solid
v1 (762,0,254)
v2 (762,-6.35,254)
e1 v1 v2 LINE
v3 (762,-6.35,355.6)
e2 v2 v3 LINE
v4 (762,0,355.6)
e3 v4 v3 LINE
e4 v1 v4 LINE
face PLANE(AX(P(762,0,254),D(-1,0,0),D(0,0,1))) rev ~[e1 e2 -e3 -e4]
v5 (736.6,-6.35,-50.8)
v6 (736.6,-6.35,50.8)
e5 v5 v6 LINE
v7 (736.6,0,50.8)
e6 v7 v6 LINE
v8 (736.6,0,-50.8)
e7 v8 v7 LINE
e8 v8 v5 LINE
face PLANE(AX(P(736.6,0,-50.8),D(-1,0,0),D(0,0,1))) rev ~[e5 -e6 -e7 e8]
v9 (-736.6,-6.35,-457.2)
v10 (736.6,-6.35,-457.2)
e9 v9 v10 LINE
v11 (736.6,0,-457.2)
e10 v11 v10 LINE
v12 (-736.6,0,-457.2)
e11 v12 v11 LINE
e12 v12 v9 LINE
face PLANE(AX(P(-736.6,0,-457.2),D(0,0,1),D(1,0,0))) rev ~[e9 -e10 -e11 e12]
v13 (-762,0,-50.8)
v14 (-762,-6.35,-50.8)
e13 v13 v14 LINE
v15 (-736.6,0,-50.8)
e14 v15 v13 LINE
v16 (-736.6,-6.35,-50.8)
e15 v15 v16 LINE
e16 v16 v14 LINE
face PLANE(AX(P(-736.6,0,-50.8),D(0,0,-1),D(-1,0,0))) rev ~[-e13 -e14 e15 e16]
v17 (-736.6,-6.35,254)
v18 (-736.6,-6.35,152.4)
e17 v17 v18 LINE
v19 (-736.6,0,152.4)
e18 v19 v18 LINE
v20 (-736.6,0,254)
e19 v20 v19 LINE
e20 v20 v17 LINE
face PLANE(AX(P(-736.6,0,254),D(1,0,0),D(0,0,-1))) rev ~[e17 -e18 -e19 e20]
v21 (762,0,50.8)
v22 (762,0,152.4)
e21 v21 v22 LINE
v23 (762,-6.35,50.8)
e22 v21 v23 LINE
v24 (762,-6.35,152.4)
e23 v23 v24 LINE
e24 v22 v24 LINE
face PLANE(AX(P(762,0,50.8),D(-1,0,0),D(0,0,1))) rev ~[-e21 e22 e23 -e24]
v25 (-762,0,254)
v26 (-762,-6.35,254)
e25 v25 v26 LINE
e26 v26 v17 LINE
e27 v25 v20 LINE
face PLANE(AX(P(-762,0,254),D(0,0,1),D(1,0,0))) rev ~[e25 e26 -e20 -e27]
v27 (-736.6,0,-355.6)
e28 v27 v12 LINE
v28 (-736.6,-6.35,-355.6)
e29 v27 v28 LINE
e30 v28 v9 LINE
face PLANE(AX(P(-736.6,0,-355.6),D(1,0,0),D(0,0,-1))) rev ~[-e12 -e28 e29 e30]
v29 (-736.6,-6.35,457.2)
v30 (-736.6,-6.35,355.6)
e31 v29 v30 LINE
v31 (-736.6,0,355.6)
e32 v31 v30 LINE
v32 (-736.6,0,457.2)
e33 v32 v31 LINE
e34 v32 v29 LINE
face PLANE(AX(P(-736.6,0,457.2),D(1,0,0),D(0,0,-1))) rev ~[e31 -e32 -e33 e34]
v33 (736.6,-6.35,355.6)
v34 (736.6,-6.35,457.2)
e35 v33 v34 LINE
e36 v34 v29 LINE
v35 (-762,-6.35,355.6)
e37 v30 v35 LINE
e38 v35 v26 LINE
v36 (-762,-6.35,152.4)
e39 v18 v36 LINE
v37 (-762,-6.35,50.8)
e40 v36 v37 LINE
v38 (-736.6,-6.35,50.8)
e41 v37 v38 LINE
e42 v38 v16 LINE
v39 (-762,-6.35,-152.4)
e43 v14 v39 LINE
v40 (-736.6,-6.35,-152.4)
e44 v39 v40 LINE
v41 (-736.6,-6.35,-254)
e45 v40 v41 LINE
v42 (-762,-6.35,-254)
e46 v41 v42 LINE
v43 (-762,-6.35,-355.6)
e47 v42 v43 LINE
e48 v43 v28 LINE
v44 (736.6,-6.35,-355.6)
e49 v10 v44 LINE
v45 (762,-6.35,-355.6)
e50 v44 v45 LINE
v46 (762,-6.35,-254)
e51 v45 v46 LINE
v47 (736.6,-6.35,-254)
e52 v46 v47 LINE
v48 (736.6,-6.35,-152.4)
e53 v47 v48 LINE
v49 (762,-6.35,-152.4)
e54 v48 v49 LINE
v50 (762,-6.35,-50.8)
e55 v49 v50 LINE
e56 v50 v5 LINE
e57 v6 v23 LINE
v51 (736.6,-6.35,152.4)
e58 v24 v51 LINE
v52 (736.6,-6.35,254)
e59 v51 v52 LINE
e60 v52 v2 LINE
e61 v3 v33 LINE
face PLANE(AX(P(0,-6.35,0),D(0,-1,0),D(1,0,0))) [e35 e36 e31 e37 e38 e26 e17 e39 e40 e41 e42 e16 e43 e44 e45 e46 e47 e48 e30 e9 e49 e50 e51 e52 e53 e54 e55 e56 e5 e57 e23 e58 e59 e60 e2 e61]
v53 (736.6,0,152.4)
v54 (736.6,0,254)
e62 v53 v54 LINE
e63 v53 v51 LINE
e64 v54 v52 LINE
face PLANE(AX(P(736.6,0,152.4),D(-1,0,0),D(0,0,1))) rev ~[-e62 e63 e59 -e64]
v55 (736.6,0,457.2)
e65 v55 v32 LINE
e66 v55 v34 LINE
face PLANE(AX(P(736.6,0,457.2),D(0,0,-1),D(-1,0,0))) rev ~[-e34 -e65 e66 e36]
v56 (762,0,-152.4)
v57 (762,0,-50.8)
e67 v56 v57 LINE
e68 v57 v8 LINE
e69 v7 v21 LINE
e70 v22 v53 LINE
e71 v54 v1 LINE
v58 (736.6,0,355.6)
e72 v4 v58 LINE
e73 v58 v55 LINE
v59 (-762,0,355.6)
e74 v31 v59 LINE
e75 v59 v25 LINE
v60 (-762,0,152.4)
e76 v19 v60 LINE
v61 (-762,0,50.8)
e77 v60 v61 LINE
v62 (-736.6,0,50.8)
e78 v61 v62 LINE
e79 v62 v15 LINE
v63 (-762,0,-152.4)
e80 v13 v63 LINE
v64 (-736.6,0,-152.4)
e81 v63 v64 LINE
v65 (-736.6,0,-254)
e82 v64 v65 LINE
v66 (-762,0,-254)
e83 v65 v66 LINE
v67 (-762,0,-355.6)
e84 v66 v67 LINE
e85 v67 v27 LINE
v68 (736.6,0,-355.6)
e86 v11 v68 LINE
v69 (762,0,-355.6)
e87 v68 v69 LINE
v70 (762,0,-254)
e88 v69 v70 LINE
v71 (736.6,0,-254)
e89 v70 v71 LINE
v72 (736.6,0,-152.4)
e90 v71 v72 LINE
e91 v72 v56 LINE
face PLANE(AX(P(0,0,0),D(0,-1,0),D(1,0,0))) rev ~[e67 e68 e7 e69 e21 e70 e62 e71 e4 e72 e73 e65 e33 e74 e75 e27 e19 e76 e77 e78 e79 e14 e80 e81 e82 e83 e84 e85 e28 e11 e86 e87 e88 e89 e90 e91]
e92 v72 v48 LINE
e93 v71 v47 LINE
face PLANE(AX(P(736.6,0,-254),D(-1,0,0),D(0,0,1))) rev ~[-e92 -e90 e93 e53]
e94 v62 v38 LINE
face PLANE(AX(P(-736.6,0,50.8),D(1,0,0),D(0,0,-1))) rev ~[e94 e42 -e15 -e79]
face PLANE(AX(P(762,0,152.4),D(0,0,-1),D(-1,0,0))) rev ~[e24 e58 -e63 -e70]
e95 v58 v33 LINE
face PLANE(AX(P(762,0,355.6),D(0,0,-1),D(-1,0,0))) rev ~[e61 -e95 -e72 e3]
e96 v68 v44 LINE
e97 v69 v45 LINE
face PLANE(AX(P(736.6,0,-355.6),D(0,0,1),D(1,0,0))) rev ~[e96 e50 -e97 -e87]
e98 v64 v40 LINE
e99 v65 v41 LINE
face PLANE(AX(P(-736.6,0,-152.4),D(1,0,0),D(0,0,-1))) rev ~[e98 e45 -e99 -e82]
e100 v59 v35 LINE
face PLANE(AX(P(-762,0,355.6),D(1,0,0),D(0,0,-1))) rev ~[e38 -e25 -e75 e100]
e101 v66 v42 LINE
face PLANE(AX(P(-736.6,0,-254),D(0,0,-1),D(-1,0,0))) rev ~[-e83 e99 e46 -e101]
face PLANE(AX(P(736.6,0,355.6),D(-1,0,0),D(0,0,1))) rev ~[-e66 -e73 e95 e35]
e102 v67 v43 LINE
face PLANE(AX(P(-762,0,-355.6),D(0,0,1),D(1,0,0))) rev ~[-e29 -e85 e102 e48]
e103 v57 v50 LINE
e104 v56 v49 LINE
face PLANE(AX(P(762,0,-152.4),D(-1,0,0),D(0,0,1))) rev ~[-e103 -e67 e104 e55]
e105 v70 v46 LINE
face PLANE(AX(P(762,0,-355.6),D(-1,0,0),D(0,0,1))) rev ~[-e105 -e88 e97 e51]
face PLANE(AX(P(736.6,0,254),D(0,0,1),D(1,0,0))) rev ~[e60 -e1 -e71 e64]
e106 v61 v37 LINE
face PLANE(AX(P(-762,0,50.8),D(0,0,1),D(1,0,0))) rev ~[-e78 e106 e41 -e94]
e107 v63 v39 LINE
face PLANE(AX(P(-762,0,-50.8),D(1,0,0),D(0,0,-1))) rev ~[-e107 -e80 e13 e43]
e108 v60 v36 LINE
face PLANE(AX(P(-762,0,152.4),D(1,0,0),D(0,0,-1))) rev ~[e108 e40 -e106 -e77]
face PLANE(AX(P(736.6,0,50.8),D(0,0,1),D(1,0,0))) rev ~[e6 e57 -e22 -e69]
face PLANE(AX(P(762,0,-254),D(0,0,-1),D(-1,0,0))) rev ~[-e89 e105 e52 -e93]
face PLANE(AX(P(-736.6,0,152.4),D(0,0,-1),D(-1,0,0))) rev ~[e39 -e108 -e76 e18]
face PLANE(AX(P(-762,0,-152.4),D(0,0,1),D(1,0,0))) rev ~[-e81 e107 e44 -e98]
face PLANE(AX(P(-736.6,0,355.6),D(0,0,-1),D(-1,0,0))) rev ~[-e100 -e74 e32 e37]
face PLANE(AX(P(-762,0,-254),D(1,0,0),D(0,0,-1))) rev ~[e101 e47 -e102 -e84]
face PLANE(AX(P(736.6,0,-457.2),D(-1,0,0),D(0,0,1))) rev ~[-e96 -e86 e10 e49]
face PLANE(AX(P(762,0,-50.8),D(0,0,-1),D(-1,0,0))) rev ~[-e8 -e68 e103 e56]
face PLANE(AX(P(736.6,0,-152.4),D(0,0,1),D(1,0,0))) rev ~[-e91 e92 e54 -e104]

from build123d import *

# Parameters (mm, degrees)
F1_DEPTH = 6.35


with BuildPart() as f1:
    # F0 (on Front) → F1 (new body)
    with BuildSketch(Plane.XZ):
        Polygon((-736.6, -457.2), (0, -457.2), (736.6, -457.2), (736.6, -355.6), (762, -355.6), (762, -254), (736.6, -254), (736.6, -152.4), (762, -152.4), (762, -50.8), (736.6, -50.8), (736.6, 50.8), (762, 50.8), (762, 152.4), (736.6, 152.4), (736.6, 254), (762, 254), (762, 355.6), (736.6, 355.6), (736.6, 457.2), (0, 457.2), (-736.6, 457.2), (-736.6, 355.6), (-762, 355.6), (-762, 254), (-736.6, 254), (-736.6, 152.4), (-762, 152.4), (-762, 50.8), (-736.6, 50.8), (-736.6, -50.8), (-762, -50.8), (-762, -152.4), (-736.6, -152.4), (-736.6, -254), (-762, -254), (-762, -355.6), (-736.6, -355.6), align=None)
    extrude(amount=F1_DEPTH)


solid = f1.part
